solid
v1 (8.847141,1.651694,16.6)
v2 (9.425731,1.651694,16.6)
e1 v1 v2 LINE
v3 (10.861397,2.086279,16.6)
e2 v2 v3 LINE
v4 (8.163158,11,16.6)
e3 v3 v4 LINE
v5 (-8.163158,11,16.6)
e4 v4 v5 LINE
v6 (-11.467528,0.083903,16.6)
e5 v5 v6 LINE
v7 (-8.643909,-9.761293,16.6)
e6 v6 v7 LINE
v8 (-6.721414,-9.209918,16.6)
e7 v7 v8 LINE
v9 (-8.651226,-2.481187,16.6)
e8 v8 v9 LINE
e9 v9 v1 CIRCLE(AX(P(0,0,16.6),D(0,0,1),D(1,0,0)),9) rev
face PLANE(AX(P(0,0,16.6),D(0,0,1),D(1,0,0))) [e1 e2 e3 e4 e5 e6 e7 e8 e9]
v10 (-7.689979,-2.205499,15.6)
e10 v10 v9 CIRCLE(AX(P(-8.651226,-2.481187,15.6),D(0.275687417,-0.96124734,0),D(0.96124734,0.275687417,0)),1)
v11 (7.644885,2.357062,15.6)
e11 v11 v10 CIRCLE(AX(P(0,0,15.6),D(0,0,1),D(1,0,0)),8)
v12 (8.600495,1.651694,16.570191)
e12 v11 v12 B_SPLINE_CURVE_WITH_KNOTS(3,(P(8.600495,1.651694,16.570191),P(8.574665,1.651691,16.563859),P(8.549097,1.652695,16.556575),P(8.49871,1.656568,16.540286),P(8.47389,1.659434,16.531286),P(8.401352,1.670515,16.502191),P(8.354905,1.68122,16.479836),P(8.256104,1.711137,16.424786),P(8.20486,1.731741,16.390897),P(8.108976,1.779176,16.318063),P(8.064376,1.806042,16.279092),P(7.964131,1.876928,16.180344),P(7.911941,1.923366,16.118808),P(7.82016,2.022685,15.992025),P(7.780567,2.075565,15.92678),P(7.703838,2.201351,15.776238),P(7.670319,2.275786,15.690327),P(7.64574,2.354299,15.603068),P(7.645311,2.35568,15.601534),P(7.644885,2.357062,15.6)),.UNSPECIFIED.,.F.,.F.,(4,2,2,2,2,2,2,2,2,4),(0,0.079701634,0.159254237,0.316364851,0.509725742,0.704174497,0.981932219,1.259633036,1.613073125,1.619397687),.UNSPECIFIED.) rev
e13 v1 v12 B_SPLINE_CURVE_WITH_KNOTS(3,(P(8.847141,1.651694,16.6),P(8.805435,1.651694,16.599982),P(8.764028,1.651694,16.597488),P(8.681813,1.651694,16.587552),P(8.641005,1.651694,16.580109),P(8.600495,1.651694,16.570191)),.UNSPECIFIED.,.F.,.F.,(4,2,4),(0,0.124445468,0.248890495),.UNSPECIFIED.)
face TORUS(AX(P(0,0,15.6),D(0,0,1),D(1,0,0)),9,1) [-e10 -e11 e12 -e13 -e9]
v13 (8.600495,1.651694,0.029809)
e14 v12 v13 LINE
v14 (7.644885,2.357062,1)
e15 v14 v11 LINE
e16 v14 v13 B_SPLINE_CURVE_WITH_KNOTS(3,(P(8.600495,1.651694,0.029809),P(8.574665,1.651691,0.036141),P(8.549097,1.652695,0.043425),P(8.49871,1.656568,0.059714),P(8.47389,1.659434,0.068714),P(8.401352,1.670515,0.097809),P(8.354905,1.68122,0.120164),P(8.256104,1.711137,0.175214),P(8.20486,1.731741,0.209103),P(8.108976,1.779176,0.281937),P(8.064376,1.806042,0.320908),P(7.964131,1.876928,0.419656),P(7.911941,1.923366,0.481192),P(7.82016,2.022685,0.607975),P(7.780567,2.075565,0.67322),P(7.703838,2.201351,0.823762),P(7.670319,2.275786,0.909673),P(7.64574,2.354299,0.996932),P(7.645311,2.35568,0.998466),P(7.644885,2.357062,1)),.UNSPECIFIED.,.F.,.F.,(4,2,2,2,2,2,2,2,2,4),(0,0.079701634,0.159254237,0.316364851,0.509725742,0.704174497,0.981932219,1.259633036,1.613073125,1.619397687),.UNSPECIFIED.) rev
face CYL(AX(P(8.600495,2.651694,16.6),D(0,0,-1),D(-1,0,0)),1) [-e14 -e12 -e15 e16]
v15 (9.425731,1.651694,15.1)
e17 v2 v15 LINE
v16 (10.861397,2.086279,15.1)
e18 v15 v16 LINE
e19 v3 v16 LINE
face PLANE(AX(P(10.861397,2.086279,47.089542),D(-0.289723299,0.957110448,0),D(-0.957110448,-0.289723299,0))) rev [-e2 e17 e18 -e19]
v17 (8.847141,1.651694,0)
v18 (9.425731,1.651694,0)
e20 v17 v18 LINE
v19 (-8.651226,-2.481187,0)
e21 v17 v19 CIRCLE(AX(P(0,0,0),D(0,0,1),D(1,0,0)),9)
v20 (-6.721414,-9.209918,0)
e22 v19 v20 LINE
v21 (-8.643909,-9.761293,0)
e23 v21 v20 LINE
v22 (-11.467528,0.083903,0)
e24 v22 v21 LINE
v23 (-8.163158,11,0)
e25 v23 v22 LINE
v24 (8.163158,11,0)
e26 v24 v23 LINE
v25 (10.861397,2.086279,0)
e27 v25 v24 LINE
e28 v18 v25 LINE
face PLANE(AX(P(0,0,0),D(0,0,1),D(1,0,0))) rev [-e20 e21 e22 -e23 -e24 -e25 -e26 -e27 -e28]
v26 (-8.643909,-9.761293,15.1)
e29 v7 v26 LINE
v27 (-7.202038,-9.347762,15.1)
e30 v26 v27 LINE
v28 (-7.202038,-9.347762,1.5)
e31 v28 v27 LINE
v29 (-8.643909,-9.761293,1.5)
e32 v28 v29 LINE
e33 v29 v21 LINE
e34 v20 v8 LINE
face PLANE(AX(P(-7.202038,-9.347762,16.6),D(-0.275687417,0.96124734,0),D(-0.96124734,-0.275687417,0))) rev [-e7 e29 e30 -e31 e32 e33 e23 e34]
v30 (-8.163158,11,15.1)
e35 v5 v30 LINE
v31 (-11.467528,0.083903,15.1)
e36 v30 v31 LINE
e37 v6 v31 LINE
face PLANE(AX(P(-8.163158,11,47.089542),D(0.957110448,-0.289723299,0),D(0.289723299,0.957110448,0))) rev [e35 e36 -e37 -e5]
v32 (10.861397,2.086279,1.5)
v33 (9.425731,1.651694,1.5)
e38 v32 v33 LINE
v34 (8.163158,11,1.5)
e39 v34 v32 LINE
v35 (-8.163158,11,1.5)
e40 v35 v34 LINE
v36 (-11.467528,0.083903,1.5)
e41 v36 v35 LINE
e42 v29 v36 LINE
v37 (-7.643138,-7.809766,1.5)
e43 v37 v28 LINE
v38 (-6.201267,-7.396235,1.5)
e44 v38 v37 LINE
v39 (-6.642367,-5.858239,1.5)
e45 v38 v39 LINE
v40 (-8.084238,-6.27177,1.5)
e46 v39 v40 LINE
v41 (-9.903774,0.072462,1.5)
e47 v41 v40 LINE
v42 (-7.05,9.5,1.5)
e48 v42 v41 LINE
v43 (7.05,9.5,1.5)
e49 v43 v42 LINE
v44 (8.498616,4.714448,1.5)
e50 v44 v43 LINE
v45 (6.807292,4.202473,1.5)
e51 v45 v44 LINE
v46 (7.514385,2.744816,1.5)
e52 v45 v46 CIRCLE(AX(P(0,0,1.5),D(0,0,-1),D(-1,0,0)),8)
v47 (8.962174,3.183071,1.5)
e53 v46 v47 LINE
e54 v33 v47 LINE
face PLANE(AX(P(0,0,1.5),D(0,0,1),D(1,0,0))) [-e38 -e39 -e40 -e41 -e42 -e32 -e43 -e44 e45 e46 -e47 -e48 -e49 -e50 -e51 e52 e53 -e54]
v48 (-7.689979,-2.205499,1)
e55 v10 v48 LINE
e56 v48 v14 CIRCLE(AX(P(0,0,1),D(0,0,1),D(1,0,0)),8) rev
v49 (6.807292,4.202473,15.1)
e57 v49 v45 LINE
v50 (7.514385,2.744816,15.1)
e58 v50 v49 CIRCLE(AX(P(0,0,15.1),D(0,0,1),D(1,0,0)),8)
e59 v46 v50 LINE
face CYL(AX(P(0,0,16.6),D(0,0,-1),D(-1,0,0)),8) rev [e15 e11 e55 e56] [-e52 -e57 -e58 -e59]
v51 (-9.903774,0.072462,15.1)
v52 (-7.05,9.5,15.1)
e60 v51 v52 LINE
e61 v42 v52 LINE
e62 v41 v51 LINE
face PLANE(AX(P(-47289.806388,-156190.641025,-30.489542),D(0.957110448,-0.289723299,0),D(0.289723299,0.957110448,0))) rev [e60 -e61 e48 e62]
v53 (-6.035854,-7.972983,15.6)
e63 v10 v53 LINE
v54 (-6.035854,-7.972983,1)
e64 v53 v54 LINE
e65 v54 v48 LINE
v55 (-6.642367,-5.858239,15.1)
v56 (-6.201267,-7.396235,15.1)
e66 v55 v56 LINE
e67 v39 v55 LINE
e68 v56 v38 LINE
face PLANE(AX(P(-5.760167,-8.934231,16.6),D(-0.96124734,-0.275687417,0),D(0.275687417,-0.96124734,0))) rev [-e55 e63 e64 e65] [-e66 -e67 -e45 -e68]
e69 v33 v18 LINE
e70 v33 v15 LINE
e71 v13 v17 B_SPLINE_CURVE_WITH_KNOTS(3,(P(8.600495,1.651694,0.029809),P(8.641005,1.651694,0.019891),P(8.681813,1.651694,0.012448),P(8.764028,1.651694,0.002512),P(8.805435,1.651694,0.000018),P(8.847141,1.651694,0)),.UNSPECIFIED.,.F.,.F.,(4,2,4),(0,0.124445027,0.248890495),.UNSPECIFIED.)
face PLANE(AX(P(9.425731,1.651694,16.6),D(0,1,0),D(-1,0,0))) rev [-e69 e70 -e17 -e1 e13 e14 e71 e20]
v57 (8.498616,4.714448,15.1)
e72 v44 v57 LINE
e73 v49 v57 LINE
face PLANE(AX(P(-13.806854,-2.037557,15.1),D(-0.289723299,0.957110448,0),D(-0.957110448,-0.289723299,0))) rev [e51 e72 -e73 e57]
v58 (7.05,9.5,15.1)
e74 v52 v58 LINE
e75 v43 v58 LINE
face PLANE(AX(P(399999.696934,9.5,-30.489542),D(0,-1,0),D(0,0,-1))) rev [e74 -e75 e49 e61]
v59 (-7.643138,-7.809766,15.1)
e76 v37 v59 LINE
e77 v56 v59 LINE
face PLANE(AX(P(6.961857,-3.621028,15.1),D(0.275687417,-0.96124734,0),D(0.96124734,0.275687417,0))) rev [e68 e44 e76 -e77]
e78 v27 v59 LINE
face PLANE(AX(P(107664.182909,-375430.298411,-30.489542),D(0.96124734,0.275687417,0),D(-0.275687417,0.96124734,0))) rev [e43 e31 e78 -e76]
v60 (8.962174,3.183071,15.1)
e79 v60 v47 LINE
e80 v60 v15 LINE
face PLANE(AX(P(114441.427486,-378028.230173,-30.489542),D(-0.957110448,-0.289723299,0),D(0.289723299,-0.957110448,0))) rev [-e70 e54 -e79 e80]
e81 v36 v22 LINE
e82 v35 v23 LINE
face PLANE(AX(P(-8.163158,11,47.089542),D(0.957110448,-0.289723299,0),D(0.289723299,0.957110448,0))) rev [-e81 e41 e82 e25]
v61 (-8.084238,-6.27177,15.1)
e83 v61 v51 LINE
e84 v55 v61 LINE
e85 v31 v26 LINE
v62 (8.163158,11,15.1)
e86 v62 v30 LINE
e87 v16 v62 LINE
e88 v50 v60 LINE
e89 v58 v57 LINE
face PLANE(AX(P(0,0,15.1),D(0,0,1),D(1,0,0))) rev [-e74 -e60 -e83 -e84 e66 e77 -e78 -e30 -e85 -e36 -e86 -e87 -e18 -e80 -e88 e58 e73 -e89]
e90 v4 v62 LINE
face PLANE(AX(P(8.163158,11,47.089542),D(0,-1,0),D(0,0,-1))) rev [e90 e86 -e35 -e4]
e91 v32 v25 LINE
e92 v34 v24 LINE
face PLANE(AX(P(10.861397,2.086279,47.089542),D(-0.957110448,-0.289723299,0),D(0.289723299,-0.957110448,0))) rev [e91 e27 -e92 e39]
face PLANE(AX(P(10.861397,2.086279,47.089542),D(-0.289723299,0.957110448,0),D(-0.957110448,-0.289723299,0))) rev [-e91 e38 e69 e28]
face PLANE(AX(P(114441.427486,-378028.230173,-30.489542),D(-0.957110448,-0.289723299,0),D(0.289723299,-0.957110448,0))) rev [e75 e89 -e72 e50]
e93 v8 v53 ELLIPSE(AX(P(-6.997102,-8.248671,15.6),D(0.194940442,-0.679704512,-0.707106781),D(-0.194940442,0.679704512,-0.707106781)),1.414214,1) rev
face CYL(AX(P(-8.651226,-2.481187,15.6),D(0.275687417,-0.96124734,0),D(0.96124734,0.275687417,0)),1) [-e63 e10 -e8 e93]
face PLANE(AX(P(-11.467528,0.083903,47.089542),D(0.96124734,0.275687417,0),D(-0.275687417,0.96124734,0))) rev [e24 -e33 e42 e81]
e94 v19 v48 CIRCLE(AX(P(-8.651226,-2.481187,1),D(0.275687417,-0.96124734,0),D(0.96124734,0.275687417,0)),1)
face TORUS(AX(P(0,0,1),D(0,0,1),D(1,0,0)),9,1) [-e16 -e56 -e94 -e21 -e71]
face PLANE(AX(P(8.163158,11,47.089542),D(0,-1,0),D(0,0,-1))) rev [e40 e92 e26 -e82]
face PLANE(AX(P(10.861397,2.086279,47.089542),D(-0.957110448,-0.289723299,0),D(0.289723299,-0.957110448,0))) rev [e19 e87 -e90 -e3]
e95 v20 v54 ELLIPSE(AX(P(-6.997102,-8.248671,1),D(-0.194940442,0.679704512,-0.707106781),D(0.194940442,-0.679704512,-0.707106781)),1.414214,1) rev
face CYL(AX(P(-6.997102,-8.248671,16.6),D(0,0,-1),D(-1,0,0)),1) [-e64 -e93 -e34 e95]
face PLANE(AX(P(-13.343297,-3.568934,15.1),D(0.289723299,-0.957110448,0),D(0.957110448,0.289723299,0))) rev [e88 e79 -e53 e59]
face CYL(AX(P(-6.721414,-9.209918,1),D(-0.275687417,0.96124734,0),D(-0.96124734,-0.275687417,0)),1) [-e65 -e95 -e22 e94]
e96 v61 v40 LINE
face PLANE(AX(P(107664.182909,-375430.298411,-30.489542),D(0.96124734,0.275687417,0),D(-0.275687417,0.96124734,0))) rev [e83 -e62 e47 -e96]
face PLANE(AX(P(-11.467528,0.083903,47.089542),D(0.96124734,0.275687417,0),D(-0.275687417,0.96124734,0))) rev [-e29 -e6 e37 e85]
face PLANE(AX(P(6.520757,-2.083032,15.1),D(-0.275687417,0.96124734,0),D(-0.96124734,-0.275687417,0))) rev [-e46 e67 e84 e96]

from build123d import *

# Parameters (mm, degrees)
BOSS_EXTRUDE1_DEPTH     = 16.6
BOSS_EXTRUDE2_DEPTH     = 16.6
CUT_EXTRUDE1_START      = 1.5
CUT_EXTRUDE1_DEPTH      = 13.6
CUT_EXTRUDE2_REACH      = 31.238
CUT_EXTRUDE2_END_RADIUS = 8
SKETCH3_W               = 13.6
SKETCH3_H               = 1.6
SKETCH4_W               = 13.6
SKETCH4_H               = 1.6
CUT_EXTRUDE3_DEPTH      = 1.5
FILLET1_R               = 1


with BuildPart() as part:
    # Sketch1 → Boss-Extrude1 (new body)
    with BuildSketch(Plane.XY):
        with BuildLine():
            Line((7.05, 9.5), (-7.05, 9.5))
            Line((-7.05, 9.5), (-9.903774495, 0.072462085))
            Line((-9.903774495, 0.072462085), (-7.202037804, -9.347761843))
            Line((-7.202037804, -9.347761843), (-5.760166795, -8.934230717))
            Line((-5.760166795, -8.934230717), (-7.689978717, -2.205499339))
            ThreePointArc((-7.689978717, -2.205499339), (-1.929824659, 7.763747599), (7.82763731, 1.651694325))
            Line((7.82763731, 1.651694325), (9.425731052, 1.651694325))
            Line((9.425731052, 1.651694325), (7.05, 9.5))
        make_face()
    extrude(amount=BOSS_EXTRUDE1_DEPTH)

    # Sketch2 → Boss-Extrude2 (add)
    with BuildSketch(Plane.XY):
        Polygon((-9.903774495, 0.072462085), (-7.202037804, -9.347761843), (-8.643908814, -9.761292969), (-11.467528363, 0.083903467), (-8.163157895, 11), (8.163157895, 11), (10.861396724, 2.086279273), (9.425731052, 1.651694325), (7.05, 9.5), (-7.05, 9.5), align=None)
    extrude(amount=BOSS_EXTRUDE2_DEPTH)

    # Sketch2<4> → Cut-Extrude1 (cut)
    with BuildSketch(Plane.XY.offset(CUT_EXTRUDE1_START)):
        Polygon((-9.903774495, 0.072462085), (-7.202037804, -9.347761843), (-8.643908814, -9.761292969), (-11.467528363, 0.083903467), (-8.163157895, 11), (8.163157895, 11), (10.861396724, 2.086279273), (9.425731052, 1.651694325), (7.05, 9.5), (-7.05, 9.5), align=None)
    extrude(amount=CUT_EXTRUDE1_DEPTH, mode=Mode.SUBTRACT)

    # Cut-Extrude2: up to this cylinder (the profile starts outside it)
    cut_extrude2_end = Plane(origin=(0, 0, 8.3), z_dir=(0, 0, -1)) * Cylinder(CUT_EXTRUDE2_END_RADIUS, 79.476, mode=Mode.PRIVATE)
    # Sketch3 → Cut-Extrude2 (cut, up to the surface)
    with BuildSketch(Plane(origin=(9.092549258, 2.75237134, 0), x_dir=(0, 0, -1), z_dir=(0.9571104481877781, 0.2897232989764385, 0)), mode=Mode.PRIVATE) as cut_extrude2_sk1:
        with Locations((-8.3, 1.25)):
            Rectangle(SKETCH3_W, SKETCH3_H)
    cut_extrude2_tool1 = extrude(cut_extrude2_sk1.sketch, amount=-CUT_EXTRUDE2_REACH, mode=Mode.PRIVATE) - cut_extrude2_end
    add(cut_extrude2_tool1.solids().sort_by_distance((8.730395, 3.948759, 8.3))[0], mode=Mode.SUBTRACT)

    # Sketch4 → Cut-Extrude3 (cut)
    with BuildSketch(Plane(origin=(-9.131849726, -2.619030466, 0), x_dir=(0, 0, 1), z_dir=(-0.9612473395932443, -0.2756874174221783, 0))):
        with Locations((8.3, -4.6)):
            Rectangle(SKETCH4_W, SKETCH4_H)
    extrude(amount=-CUT_EXTRUDE3_DEPTH, mode=Mode.SUBTRACT)

    # Fillet1
    fillet1_edges = [part.edges().sort_by_distance(p)[0] for p in [
        (7.82763731, 1.651694325, 8.3),
        (-5.760166795, -8.934230717, 8.3),
        (-6.725072756, -5.569865028, 16.6),
        (-1.929824659, 7.763747599, 16.6),
        (-1.929824659, 7.763747599, 0),
        (-6.725072756, -5.569865028, 0),
    ]]
    fillet(fillet1_edges, radius=FILLET1_R)


solid = part.part
